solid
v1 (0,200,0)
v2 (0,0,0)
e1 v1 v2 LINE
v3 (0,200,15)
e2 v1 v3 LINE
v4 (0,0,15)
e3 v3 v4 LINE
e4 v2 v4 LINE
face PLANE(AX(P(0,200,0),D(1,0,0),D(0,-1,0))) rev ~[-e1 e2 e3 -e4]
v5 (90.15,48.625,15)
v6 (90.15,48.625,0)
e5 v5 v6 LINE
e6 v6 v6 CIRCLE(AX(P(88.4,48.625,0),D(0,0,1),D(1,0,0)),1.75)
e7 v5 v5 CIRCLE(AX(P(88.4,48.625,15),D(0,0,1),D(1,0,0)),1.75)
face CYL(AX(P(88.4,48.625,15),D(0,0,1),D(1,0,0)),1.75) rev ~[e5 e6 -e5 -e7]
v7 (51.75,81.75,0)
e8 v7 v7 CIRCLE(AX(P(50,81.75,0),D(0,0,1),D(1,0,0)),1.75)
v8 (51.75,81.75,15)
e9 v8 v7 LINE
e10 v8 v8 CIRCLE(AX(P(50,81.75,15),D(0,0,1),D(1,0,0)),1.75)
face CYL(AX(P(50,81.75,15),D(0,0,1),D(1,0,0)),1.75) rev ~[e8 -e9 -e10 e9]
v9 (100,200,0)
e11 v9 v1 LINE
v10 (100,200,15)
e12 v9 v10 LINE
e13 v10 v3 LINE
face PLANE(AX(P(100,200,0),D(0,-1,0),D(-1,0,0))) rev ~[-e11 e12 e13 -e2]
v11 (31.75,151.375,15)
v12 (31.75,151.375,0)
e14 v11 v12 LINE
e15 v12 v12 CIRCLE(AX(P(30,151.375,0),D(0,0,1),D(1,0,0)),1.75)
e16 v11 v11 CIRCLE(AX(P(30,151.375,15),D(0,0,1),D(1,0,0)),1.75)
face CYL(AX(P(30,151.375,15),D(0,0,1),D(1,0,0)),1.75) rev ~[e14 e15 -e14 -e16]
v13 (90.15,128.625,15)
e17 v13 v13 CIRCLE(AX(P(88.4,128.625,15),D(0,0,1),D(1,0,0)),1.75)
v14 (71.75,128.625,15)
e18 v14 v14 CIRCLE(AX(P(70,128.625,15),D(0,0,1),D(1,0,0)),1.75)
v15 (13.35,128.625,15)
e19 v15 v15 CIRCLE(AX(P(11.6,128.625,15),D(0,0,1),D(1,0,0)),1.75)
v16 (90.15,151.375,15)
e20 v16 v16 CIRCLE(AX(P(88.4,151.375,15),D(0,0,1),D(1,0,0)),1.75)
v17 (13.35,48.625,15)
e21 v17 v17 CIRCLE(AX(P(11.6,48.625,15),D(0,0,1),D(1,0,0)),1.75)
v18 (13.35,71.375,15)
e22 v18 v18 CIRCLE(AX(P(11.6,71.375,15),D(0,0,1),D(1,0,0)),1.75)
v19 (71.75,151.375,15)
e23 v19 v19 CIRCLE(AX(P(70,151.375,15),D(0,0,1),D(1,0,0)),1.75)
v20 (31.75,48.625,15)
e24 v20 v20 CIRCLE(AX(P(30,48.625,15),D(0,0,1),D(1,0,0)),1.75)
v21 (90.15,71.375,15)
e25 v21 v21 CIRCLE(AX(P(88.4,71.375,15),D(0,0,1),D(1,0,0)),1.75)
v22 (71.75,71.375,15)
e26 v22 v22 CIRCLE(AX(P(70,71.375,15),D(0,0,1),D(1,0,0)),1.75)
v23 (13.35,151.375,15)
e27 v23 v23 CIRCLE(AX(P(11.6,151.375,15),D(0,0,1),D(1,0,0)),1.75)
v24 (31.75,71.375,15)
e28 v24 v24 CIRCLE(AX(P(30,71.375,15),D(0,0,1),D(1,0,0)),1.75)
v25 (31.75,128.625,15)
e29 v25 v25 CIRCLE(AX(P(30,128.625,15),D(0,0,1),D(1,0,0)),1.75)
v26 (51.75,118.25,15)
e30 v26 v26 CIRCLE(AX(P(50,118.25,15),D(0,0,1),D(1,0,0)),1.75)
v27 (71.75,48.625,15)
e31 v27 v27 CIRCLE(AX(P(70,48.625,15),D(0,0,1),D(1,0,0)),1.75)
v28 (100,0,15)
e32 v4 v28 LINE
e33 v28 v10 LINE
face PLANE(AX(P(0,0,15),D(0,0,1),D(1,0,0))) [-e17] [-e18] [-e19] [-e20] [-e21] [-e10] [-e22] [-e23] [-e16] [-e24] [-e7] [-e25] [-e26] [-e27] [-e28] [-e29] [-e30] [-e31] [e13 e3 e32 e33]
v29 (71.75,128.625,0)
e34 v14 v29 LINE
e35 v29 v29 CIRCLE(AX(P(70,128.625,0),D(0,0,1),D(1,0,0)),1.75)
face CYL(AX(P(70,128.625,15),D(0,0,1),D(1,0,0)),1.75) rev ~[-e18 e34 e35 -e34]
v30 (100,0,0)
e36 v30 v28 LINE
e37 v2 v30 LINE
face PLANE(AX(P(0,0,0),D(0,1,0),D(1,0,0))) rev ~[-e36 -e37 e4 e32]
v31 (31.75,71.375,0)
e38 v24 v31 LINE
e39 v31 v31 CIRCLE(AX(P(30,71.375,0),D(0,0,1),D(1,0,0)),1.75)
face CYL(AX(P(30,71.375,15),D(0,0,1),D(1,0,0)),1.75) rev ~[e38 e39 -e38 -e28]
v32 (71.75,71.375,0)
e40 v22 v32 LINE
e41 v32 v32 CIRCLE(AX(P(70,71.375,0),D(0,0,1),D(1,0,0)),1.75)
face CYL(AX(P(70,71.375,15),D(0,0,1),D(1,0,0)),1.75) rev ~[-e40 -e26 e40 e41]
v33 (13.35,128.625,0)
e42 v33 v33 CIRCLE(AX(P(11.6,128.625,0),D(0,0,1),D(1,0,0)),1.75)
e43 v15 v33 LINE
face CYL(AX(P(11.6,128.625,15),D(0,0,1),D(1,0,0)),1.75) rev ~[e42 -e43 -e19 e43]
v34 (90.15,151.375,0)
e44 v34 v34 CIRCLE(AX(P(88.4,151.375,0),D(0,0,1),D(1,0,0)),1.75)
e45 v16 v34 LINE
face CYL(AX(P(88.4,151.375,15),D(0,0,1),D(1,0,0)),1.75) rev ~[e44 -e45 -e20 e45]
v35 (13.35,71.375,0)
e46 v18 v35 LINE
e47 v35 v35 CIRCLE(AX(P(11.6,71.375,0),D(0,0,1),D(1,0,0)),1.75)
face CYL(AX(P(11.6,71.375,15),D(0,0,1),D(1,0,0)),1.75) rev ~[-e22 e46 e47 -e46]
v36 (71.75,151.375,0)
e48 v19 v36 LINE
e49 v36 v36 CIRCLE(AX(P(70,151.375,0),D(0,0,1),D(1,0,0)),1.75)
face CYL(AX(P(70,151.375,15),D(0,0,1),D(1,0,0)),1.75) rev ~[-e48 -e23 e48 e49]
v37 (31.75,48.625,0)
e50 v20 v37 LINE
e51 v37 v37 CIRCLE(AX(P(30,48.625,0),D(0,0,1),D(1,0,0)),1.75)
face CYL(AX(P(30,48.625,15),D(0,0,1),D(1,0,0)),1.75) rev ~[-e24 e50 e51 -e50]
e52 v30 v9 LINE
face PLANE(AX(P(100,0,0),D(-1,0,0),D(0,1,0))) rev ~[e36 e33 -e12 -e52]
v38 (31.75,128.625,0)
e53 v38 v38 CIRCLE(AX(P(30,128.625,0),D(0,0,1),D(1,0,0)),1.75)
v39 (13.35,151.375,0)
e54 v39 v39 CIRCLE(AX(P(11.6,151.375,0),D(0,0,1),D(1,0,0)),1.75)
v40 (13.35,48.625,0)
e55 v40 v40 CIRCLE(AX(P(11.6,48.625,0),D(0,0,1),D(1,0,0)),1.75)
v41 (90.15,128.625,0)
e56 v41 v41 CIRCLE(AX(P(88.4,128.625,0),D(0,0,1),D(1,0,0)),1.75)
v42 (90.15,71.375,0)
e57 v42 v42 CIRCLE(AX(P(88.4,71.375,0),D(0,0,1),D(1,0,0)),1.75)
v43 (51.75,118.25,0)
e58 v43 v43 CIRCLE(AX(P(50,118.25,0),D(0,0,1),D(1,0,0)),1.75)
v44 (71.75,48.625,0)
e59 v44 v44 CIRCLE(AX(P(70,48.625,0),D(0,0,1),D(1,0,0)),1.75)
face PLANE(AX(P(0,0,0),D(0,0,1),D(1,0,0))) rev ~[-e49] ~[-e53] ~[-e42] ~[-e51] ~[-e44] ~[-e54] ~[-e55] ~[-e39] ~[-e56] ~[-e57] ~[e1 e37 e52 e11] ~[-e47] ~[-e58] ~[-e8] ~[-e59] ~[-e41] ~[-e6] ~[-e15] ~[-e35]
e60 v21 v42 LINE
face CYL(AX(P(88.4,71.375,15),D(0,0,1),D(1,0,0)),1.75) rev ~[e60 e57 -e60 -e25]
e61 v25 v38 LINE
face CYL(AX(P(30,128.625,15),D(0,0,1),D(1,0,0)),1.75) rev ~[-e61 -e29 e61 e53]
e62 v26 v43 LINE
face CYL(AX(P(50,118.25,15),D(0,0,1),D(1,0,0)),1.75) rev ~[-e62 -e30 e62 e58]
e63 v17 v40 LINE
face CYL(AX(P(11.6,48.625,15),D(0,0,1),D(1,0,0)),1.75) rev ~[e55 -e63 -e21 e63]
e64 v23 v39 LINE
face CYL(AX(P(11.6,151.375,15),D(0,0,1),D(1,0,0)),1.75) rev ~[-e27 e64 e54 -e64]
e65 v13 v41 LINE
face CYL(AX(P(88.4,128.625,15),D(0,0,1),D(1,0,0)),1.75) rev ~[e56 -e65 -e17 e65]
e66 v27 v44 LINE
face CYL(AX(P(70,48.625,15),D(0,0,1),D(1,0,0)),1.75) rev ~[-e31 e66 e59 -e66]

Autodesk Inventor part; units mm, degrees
ref_plane "YZ Plane" through (0, 0, 0) normal (1, 0, 0) x (0, 1, 0)
ref_plane "XZ Plane" through (0, 0, 0) normal (0, 1, 0) x (-1, 0, 0)
ref_plane "XY Plane" through (0, 0, 0) normal (0, 0, 1) x (1, 0, 0)
sketch "Boceto1" plane through (0, 0, 0) normal (0, 0, 1) x (1, 0, 0)
  line L0 (0, 0) -> (100, 0)
  line L1 (100, 0) -> (100, 200)
  line L2 (100, 200) -> (0, 200)
  line L3 (0, 200) -> (0, 0)
  dimension "d0" = 200
  dimension "d1" = 100
extrude "Extrusión1" add sketch "Boceto1" along normal blind 15
sketch "Boceto2" plane through (0, 0, 15) normal (0, 0, 1) x (1, 0, 0)
  line L0 (100, 200) -> (0, 200) projected
  line L1 (50, 200) -> (50, 0) construction
  line L2 (0, 0) -> (100, 0) projected
  line L3 (50, 100) -> (0, 100) construction
  line L4 (50, 151.375) -> (30, 151.375) construction
  circle A0 centre (30, 151.375) radius 1.75
  line L5 (30, 151.375) -> (11.6, 151.375) construction
  circle A1 centre (11.6, 151.375) radius 1.75
  line L6 (30, 151.375) -> (30, 128.625) construction
  circle A2 centre (30, 128.625) radius 1.75
  line L7 (30, 128.625) -> (11.6, 128.625) construction
  line L8 (11.6, 128.625) -> (11.6, 151.375) construction
  circle A3 centre (11.6, 128.625) radius 1.75
  circle A4 centre (70, 151.375) radius 1.75
  circle A5 centre (88.4, 151.375) radius 1.75
  circle A6 centre (70, 128.625) radius 1.75
  circle A7 centre (88.4, 128.625) radius 1.75
  circle A8 centre (30, 48.625) radius 1.75
  circle A9 centre (11.6, 48.625) radius 1.75
  circle A10 centre (30, 71.375) radius 1.75
  circle A11 centre (11.6, 71.375) radius 1.75
  circle A12 centre (88.4, 48.625) radius 1.75
  circle A13 centre (70, 48.625) radius 1.75
  circle A14 centre (70, 71.375) radius 1.75
  circle A15 centre (88.4, 71.375) radius 1.75
  dimension "d5" = 51.375
  dimension "d6" = 20
  dimension "d7" = 3.5
  dimension "d8" = 18.4
  dimension "d9" = 3.5
  dimension "d10" = 3.5
  dimension "d11" = 22.75
  dimension "d12" = 3.5
extrude "Extrusión2" cut sketch "Boceto2" against normal up to surface (15 mm away)
sketch "Boceto3" plane through (0, 0, 15) normal (0, 0, 1) x (1, 0, 0)
  line L0 (0, 200) -> (0, 0) projected
  line L1 (0, 100) -> (100, 100) construction
  line L2 (100, 0) -> (100, 200) projected
  line L3 (100, 200) -> (0, 200) projected
  line L4 (50, 200) -> (50, 100) construction
  circle A0 centre (50, 118.25) radius 1.75
  circle A1 centre (50, 81.75) radius 1.75
  dimension "d15" = 3.5
  dimension "d16" = 18.25
extrude "Extrusión3" cut sketch "Boceto3" against normal up to surface (15 mm away)
properties part number "014" material "CFRP"
